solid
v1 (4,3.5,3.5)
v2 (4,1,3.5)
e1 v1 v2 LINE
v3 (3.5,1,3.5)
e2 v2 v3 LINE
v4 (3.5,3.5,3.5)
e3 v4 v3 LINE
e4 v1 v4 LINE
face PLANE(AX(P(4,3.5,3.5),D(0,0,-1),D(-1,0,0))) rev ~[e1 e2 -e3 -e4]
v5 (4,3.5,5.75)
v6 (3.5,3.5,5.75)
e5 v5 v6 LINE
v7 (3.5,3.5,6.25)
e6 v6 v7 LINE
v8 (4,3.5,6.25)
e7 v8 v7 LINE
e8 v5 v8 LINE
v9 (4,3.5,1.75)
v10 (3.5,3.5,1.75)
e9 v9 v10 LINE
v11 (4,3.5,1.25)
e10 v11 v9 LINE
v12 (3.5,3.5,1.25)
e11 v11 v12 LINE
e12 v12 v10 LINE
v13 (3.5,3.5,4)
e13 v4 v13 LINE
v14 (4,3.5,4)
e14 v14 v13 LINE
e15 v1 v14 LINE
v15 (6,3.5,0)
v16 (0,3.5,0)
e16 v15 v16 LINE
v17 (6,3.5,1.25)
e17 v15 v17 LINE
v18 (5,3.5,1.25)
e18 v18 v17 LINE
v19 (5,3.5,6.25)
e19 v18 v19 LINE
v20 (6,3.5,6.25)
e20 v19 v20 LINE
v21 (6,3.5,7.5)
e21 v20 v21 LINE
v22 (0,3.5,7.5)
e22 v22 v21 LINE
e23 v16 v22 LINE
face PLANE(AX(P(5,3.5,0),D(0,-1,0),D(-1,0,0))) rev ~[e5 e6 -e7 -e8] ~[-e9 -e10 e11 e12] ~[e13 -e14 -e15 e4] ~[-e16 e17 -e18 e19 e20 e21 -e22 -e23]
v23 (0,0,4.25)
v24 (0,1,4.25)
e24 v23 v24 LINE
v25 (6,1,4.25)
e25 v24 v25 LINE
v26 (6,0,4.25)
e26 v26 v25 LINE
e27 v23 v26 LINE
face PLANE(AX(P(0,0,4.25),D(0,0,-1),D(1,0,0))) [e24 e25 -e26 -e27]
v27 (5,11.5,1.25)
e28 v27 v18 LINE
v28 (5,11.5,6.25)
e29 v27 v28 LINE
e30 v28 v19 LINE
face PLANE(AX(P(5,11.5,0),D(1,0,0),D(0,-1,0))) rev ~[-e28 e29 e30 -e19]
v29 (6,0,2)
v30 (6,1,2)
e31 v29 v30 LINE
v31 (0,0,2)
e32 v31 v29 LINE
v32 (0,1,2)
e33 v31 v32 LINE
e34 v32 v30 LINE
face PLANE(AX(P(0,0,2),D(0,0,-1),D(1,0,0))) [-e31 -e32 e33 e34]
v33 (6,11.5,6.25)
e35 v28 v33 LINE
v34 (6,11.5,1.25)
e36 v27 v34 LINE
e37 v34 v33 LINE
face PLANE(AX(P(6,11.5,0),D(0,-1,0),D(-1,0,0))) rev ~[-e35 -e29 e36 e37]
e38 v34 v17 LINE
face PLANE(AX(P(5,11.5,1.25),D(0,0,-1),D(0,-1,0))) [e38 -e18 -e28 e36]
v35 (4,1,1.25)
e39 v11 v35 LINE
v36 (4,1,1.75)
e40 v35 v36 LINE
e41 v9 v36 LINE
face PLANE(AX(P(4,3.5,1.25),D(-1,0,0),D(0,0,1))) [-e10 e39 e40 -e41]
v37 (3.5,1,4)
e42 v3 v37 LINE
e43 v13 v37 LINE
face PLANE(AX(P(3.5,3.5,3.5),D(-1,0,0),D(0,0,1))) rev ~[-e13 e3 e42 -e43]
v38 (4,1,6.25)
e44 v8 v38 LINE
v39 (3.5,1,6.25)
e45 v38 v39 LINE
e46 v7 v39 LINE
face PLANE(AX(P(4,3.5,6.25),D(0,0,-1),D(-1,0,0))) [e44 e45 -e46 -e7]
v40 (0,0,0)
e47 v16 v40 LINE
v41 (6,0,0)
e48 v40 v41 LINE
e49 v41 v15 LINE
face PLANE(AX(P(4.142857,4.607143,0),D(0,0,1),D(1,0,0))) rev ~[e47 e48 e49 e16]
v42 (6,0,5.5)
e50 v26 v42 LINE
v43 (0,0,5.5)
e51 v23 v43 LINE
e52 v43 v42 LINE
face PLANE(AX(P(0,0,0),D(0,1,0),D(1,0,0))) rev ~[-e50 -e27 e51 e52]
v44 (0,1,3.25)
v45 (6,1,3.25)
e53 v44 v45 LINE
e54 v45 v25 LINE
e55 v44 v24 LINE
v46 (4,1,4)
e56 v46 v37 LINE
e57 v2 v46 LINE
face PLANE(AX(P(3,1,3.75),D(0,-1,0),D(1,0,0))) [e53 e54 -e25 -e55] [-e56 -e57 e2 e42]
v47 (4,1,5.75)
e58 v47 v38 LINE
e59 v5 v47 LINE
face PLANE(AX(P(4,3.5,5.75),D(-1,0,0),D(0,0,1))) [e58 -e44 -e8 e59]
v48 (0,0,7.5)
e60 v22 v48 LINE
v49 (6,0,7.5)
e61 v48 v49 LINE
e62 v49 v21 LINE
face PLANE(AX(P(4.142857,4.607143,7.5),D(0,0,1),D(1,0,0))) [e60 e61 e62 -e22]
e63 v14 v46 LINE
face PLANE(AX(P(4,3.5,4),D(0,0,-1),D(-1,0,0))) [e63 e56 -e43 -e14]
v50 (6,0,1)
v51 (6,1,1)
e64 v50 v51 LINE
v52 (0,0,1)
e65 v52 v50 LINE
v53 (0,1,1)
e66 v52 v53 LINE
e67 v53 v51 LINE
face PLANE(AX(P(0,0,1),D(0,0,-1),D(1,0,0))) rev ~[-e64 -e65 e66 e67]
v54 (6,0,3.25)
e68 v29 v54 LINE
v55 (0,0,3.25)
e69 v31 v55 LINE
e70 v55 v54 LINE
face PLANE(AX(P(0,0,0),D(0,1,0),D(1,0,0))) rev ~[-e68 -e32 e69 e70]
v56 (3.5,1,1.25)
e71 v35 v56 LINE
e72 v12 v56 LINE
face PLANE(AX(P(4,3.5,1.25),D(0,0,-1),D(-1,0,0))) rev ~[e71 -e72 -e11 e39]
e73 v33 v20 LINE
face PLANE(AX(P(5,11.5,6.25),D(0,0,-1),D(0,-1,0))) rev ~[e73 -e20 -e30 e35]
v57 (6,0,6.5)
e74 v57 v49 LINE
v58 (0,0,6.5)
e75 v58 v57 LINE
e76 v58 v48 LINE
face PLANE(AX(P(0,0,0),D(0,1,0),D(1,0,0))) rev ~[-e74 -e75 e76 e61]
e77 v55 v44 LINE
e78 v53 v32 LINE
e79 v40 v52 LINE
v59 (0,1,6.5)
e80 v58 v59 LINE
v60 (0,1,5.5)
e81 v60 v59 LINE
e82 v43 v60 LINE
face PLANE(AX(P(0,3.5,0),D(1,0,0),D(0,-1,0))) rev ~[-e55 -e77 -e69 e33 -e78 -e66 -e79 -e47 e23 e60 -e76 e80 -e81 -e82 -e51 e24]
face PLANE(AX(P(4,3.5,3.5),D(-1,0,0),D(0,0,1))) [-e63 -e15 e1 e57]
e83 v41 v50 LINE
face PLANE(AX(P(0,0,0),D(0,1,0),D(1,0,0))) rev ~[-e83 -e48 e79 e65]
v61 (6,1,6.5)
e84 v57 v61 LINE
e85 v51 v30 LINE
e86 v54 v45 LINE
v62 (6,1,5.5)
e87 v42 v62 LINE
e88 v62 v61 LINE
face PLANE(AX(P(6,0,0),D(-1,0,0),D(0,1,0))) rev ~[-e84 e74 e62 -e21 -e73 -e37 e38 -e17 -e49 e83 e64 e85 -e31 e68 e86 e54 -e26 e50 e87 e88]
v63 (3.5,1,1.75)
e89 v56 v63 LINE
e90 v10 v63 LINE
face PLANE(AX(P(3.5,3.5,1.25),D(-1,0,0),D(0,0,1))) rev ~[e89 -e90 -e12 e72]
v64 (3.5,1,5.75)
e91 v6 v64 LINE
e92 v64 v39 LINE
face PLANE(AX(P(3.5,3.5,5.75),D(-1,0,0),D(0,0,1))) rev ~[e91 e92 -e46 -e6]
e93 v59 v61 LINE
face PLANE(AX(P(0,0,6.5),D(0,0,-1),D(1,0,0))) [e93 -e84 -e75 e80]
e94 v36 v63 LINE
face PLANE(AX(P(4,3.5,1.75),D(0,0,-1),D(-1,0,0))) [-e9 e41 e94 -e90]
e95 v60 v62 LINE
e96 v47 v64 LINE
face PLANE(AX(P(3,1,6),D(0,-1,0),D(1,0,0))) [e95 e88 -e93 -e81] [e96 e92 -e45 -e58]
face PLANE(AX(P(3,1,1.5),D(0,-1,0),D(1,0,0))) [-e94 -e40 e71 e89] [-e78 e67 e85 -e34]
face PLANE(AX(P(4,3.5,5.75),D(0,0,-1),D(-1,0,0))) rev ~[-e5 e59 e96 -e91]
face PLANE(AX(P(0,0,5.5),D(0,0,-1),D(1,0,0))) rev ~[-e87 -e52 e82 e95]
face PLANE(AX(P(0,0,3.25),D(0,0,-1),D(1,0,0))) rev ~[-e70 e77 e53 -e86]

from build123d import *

# Parameters (mm, degrees)
F1_DEPTH = 7.5
F2_W     = 8
F2_H     = 1.25
F3_DEPTH = 25
F4_W     = 0.5
F4_H     = 0.5
F5_DEPTH = 25
F6_W     = 6
F6_H     = 1
F7_DEPTH = 1


with BuildPart() as f1:
    # F0 (on Top) → F1 (new body)
    with BuildSketch(Plane.XY):
        Polygon((0, 3.5), (0, 0), (6, 0), (6, 11.5), (5, 11.5), (5, 3.5), align=None)
    extrude(amount=F1_DEPTH)

    # F2 (on face) → F3 (cut)
    with BuildSketch(Plane(origin=(5, 0, 0), x_dir=(0, -1, 0), z_dir=(-1, 0, 0))):
        with Locations((-7.5, 0.625)):
            Rectangle(F2_W, F2_H)
        with Locations((-7.5, 6.875)):
            Rectangle(F2_W, F2_H)
    extrude(amount=-F3_DEPTH, mode=Mode.SUBTRACT)

    # F4 (on face) → F5 (cut)
    with BuildSketch(Plane(origin=(0, 3.5, 0), x_dir=(-1, 0, 0), z_dir=(0, 1, 0))):
        with Locations((-3.75, 6)):
            Rectangle(F4_W, F4_H)
        with Locations((-3.75, 1.5)):
            Rectangle(F4_W, F4_H)
        with Locations((-3.75, 3.75)):
            Rectangle(F4_W, F4_H)
    extrude(amount=-F5_DEPTH, mode=Mode.SUBTRACT)

    # F6 (on face) → F7 (cut)
    with BuildSketch(Plane.XZ):
        with Locations((3, 6)):
            Rectangle(F6_W, F6_H)
        with Locations((3, 3.75)):
            Rectangle(F6_W, F6_H)
        with Locations((3, 1.5)):
            Rectangle(F6_W, F6_H)
    extrude(amount=-F7_DEPTH, mode=Mode.SUBTRACT)


solid = f1.part
